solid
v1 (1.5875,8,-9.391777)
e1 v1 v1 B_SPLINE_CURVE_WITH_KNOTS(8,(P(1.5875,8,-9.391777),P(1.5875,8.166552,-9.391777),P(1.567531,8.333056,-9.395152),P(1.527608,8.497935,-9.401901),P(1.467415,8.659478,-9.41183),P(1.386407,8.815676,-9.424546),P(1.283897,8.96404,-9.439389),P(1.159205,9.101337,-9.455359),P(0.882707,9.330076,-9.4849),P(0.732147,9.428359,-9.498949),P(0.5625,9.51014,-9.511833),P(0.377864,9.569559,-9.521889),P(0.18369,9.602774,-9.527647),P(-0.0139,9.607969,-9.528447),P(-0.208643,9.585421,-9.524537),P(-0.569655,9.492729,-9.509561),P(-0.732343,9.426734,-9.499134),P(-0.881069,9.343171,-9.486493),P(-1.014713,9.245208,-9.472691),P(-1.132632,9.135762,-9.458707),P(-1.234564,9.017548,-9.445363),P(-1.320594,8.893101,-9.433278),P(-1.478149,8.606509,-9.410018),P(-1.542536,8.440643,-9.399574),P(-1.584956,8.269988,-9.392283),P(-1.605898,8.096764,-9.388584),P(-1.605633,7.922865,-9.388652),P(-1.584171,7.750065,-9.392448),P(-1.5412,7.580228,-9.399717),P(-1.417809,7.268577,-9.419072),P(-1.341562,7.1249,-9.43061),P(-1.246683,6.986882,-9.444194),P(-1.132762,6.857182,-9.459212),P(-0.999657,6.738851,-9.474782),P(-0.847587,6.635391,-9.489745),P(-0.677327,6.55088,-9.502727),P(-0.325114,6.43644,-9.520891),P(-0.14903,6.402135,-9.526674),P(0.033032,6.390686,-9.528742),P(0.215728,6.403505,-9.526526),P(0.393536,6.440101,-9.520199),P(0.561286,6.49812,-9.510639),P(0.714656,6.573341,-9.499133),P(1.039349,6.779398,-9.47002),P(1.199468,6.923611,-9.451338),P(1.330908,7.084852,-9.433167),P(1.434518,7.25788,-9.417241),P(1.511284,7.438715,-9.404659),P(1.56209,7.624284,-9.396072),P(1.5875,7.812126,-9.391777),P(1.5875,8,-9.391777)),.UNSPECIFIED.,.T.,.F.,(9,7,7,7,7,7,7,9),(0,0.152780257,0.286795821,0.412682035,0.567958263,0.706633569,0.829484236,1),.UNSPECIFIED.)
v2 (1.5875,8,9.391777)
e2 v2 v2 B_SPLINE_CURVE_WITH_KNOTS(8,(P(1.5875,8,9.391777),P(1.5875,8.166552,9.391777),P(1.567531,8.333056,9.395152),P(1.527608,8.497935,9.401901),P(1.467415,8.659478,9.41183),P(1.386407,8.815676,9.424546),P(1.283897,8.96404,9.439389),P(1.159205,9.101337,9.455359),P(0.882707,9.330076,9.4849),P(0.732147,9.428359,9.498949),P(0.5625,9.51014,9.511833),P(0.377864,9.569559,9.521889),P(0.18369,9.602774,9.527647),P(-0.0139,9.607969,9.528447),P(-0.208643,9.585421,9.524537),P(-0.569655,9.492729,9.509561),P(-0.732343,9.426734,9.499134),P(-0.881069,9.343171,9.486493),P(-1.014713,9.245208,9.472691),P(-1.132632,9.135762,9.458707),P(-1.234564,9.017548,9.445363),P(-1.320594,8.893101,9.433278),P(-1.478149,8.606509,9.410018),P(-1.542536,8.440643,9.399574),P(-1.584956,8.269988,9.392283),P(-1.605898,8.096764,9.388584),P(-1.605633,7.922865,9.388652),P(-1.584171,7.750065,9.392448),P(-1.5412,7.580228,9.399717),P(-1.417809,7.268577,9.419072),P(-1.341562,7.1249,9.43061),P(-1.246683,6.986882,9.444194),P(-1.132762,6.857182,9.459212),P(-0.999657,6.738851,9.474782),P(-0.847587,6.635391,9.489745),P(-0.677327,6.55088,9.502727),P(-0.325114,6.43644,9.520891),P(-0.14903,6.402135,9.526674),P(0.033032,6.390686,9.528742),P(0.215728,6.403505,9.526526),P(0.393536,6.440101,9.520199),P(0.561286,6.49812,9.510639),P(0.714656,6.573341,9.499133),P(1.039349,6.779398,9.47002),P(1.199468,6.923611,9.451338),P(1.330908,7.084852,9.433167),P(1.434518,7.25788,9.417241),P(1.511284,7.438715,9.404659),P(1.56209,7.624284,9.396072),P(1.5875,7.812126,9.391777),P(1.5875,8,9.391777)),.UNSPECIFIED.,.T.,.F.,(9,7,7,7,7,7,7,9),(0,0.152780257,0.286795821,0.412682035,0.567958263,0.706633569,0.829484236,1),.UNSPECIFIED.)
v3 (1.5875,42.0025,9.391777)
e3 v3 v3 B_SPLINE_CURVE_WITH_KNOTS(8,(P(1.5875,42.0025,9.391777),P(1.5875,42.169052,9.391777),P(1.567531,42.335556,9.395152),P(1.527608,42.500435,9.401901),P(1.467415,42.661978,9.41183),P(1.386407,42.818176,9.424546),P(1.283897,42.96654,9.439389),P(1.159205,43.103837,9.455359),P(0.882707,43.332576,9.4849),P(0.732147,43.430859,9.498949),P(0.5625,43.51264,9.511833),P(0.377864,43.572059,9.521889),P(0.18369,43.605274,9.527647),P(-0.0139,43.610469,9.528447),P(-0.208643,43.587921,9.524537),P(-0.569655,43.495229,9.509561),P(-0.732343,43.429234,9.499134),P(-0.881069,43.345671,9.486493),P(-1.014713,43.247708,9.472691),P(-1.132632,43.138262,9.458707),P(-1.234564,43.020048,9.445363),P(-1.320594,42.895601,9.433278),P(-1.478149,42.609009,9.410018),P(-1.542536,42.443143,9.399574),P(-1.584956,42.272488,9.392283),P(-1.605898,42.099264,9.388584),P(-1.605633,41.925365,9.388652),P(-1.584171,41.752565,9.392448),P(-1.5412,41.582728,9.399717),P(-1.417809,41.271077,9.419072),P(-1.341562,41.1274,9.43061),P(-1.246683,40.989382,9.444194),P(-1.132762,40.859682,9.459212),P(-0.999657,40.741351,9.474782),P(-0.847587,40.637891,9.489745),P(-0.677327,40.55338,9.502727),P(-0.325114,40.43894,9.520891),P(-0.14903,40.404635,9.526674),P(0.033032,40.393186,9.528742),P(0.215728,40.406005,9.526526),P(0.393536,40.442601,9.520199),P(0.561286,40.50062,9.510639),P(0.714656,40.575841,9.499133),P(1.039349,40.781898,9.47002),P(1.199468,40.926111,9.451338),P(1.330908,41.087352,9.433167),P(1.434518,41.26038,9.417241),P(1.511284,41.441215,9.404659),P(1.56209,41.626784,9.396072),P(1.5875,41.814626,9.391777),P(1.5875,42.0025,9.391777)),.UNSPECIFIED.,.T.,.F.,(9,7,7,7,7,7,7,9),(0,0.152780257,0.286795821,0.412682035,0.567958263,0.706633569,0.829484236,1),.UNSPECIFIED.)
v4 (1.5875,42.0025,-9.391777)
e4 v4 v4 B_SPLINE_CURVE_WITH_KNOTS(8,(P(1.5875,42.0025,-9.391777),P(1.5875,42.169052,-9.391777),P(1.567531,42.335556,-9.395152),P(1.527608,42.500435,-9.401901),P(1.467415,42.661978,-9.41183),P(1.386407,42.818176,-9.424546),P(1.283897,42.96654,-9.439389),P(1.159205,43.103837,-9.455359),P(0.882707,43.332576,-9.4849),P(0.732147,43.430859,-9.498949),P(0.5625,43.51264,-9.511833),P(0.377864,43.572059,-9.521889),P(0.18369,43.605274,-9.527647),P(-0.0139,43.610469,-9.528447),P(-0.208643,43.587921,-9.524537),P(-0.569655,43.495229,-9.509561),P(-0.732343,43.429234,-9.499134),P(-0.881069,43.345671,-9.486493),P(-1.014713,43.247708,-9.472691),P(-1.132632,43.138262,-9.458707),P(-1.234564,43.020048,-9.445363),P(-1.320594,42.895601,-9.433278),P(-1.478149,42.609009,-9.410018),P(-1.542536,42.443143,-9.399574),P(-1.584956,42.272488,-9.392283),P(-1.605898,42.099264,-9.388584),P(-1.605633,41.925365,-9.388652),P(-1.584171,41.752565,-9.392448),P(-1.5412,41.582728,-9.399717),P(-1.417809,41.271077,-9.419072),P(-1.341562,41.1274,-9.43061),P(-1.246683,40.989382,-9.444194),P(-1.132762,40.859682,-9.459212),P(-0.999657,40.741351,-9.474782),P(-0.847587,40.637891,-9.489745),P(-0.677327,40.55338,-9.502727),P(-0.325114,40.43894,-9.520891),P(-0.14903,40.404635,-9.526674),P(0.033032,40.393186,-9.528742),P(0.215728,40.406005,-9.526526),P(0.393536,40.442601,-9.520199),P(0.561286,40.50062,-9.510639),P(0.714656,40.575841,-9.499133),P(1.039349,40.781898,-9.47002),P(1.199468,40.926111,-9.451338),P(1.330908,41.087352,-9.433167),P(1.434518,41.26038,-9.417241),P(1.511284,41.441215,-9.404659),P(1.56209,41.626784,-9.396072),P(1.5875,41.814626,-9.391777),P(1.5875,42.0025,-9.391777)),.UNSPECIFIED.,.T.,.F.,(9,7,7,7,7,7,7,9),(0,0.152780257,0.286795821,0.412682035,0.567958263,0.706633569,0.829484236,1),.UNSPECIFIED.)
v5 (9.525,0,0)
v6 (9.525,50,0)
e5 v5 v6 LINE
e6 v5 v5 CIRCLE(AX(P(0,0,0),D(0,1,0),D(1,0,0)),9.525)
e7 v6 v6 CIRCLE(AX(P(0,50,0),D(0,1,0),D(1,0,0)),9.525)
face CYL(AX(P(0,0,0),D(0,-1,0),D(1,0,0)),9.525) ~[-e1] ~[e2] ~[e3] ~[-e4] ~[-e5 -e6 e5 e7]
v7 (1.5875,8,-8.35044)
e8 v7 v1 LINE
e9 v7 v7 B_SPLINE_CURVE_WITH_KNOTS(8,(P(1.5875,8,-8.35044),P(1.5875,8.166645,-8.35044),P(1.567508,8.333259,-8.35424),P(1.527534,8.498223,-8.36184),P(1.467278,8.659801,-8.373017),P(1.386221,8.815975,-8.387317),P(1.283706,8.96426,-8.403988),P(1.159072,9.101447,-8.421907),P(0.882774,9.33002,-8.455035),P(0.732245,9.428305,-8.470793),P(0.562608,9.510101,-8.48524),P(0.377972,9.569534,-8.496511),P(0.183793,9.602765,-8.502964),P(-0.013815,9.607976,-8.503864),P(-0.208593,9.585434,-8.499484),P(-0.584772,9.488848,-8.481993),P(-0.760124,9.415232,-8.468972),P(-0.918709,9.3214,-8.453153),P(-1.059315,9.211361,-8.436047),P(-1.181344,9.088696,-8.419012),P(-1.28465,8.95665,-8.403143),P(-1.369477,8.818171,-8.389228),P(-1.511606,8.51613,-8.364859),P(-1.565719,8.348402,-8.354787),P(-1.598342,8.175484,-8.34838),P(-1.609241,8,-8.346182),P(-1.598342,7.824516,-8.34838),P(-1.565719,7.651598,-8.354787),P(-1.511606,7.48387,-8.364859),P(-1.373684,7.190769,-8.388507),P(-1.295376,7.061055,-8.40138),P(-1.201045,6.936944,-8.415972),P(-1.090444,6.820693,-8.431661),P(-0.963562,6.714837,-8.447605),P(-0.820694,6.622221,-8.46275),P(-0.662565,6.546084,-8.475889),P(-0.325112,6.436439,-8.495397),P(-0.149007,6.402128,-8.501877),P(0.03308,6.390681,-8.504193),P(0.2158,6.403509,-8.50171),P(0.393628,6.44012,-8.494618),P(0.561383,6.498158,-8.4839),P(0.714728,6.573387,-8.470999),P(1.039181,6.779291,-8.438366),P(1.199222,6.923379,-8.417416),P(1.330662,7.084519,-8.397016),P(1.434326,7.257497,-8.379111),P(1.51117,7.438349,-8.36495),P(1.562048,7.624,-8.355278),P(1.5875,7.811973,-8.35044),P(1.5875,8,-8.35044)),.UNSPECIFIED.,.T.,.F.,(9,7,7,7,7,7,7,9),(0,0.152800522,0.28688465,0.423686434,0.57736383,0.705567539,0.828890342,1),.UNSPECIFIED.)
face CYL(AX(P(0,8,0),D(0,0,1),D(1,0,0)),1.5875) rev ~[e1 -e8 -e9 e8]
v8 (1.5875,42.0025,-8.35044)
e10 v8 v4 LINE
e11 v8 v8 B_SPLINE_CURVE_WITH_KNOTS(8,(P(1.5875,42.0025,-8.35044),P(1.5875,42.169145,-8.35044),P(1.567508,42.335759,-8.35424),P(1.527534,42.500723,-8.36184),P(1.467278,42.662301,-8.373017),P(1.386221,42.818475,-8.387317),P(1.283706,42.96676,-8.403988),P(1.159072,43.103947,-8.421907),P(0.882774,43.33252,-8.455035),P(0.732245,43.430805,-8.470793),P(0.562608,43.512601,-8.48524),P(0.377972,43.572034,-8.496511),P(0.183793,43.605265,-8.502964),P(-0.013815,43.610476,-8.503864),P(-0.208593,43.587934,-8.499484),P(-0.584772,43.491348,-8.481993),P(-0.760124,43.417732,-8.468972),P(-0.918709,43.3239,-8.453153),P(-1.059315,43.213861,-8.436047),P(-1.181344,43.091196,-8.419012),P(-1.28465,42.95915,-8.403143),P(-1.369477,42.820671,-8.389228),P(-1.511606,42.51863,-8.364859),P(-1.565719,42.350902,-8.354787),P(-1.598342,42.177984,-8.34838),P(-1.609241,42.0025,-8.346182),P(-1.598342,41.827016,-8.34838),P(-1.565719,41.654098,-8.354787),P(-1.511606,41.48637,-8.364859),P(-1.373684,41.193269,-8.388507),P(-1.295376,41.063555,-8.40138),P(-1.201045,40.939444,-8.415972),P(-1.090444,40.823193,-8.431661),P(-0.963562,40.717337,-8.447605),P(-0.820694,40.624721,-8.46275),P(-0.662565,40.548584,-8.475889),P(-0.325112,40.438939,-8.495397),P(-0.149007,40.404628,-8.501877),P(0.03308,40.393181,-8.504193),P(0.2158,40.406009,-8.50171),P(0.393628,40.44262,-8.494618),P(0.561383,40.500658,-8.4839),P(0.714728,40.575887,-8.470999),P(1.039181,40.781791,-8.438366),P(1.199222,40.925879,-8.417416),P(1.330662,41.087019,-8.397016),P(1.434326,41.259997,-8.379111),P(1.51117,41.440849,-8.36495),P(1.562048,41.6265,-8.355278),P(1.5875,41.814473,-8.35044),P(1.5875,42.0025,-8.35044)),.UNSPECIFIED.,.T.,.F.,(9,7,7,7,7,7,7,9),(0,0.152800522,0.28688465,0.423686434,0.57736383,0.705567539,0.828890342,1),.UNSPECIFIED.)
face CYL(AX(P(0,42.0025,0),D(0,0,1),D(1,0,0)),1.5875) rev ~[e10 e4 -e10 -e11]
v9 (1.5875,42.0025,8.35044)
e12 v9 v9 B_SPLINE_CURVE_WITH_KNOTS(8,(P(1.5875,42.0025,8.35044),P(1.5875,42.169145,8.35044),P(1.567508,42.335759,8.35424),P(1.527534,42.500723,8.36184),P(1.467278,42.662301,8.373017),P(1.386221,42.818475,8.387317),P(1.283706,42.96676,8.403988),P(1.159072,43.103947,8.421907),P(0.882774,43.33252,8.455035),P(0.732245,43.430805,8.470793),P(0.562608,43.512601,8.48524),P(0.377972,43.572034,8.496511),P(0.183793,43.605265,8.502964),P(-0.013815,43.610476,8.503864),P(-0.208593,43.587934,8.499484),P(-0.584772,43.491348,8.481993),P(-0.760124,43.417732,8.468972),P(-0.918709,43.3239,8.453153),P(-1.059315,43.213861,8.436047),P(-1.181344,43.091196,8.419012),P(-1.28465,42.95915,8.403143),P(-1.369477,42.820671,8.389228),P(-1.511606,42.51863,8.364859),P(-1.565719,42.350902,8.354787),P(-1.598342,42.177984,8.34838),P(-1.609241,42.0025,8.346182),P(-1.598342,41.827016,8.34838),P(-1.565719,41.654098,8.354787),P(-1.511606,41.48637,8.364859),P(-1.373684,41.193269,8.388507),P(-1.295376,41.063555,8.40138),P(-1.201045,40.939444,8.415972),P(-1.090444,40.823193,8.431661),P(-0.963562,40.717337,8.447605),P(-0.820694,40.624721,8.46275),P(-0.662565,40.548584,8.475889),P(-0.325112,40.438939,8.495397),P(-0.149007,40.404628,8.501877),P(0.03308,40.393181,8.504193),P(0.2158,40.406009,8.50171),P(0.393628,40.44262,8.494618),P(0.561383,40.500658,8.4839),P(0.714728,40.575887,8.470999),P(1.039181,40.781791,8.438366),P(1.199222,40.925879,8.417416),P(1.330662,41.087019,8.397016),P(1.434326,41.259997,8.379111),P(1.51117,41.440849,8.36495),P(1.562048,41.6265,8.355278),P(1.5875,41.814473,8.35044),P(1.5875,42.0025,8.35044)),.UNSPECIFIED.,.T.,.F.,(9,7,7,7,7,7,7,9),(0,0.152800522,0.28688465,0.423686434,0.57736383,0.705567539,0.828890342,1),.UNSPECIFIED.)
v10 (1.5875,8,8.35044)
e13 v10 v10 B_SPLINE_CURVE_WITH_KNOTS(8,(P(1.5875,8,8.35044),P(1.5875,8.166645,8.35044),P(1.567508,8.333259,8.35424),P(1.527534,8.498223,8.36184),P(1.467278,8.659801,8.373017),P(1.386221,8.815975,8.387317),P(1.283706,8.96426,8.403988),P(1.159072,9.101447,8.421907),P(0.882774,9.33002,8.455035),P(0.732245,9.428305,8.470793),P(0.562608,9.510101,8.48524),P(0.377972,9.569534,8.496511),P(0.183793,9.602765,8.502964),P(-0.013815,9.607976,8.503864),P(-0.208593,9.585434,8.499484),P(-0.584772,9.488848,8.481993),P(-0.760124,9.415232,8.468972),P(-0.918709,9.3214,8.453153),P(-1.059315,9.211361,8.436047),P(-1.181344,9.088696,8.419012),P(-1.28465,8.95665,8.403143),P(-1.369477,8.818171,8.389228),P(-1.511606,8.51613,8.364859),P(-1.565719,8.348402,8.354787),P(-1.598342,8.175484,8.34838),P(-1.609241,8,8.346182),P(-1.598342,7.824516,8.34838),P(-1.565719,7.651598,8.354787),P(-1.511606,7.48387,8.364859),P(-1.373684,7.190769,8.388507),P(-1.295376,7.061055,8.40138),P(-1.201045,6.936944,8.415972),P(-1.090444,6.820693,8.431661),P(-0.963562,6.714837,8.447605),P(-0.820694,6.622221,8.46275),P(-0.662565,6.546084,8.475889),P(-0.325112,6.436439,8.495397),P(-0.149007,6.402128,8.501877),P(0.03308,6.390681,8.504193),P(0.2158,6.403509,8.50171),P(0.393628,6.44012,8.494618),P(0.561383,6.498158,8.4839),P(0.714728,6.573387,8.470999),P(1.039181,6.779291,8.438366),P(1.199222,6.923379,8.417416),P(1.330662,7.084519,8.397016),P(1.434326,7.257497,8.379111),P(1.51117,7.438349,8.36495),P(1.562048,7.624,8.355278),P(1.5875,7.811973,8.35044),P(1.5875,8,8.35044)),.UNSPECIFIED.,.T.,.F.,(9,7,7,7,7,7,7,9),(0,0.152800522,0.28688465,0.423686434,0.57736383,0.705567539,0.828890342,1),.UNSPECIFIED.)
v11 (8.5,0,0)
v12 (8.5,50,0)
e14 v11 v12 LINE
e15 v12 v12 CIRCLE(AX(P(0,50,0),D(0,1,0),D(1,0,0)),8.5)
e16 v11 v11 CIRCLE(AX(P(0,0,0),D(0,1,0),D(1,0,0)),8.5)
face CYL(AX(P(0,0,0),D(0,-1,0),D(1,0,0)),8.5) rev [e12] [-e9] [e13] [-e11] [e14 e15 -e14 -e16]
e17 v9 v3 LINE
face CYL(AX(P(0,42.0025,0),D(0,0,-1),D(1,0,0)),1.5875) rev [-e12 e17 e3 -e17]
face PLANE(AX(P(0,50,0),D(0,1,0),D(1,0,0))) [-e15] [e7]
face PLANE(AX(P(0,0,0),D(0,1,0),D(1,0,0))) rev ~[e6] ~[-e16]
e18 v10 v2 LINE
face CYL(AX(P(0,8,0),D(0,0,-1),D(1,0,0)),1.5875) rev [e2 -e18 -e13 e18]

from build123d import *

# Parameters (mm, degrees)
CROQUIS2_R                 = 9.525
CROQUIS2_R_2               = 8.5
SALIENTE_EXTRUIR1_DEPTH    = 50
CROQUIS3_R                 = 1.5875
CORTAR_EXTRUIR1_DEPTH      = 10.525
CORTAR_EXTRUIR1_DEPTH_BACK = 10.525


with BuildPart() as part:
    # Croquis2 → Saliente-Extruir1 (new body)
    with BuildSketch(Plane(origin=(0, 0, 0), x_dir=(1, 0, 0), z_dir=(0, 1, 0))):
        Circle(CROQUIS2_R)
        Circle(CROQUIS2_R_2, mode=Mode.SUBTRACT)
    extrude(amount=SALIENTE_EXTRUIR1_DEPTH)

    # Croquis3 → Cortar-Extruir1 (cut, two sides)
    with BuildSketch(Plane.XY) as cortar_extruir1_sk:
        with Locations((0, 42.0025)):
            Circle(CROQUIS3_R)
        with Locations((0, 8)):
            Circle(CROQUIS3_R)
    extrude(amount=CORTAR_EXTRUIR1_DEPTH, mode=Mode.SUBTRACT)
    extrude(cortar_extruir1_sk.sketch, amount=-CORTAR_EXTRUIR1_DEPTH_BACK, mode=Mode.SUBTRACT)


solid = part.part
